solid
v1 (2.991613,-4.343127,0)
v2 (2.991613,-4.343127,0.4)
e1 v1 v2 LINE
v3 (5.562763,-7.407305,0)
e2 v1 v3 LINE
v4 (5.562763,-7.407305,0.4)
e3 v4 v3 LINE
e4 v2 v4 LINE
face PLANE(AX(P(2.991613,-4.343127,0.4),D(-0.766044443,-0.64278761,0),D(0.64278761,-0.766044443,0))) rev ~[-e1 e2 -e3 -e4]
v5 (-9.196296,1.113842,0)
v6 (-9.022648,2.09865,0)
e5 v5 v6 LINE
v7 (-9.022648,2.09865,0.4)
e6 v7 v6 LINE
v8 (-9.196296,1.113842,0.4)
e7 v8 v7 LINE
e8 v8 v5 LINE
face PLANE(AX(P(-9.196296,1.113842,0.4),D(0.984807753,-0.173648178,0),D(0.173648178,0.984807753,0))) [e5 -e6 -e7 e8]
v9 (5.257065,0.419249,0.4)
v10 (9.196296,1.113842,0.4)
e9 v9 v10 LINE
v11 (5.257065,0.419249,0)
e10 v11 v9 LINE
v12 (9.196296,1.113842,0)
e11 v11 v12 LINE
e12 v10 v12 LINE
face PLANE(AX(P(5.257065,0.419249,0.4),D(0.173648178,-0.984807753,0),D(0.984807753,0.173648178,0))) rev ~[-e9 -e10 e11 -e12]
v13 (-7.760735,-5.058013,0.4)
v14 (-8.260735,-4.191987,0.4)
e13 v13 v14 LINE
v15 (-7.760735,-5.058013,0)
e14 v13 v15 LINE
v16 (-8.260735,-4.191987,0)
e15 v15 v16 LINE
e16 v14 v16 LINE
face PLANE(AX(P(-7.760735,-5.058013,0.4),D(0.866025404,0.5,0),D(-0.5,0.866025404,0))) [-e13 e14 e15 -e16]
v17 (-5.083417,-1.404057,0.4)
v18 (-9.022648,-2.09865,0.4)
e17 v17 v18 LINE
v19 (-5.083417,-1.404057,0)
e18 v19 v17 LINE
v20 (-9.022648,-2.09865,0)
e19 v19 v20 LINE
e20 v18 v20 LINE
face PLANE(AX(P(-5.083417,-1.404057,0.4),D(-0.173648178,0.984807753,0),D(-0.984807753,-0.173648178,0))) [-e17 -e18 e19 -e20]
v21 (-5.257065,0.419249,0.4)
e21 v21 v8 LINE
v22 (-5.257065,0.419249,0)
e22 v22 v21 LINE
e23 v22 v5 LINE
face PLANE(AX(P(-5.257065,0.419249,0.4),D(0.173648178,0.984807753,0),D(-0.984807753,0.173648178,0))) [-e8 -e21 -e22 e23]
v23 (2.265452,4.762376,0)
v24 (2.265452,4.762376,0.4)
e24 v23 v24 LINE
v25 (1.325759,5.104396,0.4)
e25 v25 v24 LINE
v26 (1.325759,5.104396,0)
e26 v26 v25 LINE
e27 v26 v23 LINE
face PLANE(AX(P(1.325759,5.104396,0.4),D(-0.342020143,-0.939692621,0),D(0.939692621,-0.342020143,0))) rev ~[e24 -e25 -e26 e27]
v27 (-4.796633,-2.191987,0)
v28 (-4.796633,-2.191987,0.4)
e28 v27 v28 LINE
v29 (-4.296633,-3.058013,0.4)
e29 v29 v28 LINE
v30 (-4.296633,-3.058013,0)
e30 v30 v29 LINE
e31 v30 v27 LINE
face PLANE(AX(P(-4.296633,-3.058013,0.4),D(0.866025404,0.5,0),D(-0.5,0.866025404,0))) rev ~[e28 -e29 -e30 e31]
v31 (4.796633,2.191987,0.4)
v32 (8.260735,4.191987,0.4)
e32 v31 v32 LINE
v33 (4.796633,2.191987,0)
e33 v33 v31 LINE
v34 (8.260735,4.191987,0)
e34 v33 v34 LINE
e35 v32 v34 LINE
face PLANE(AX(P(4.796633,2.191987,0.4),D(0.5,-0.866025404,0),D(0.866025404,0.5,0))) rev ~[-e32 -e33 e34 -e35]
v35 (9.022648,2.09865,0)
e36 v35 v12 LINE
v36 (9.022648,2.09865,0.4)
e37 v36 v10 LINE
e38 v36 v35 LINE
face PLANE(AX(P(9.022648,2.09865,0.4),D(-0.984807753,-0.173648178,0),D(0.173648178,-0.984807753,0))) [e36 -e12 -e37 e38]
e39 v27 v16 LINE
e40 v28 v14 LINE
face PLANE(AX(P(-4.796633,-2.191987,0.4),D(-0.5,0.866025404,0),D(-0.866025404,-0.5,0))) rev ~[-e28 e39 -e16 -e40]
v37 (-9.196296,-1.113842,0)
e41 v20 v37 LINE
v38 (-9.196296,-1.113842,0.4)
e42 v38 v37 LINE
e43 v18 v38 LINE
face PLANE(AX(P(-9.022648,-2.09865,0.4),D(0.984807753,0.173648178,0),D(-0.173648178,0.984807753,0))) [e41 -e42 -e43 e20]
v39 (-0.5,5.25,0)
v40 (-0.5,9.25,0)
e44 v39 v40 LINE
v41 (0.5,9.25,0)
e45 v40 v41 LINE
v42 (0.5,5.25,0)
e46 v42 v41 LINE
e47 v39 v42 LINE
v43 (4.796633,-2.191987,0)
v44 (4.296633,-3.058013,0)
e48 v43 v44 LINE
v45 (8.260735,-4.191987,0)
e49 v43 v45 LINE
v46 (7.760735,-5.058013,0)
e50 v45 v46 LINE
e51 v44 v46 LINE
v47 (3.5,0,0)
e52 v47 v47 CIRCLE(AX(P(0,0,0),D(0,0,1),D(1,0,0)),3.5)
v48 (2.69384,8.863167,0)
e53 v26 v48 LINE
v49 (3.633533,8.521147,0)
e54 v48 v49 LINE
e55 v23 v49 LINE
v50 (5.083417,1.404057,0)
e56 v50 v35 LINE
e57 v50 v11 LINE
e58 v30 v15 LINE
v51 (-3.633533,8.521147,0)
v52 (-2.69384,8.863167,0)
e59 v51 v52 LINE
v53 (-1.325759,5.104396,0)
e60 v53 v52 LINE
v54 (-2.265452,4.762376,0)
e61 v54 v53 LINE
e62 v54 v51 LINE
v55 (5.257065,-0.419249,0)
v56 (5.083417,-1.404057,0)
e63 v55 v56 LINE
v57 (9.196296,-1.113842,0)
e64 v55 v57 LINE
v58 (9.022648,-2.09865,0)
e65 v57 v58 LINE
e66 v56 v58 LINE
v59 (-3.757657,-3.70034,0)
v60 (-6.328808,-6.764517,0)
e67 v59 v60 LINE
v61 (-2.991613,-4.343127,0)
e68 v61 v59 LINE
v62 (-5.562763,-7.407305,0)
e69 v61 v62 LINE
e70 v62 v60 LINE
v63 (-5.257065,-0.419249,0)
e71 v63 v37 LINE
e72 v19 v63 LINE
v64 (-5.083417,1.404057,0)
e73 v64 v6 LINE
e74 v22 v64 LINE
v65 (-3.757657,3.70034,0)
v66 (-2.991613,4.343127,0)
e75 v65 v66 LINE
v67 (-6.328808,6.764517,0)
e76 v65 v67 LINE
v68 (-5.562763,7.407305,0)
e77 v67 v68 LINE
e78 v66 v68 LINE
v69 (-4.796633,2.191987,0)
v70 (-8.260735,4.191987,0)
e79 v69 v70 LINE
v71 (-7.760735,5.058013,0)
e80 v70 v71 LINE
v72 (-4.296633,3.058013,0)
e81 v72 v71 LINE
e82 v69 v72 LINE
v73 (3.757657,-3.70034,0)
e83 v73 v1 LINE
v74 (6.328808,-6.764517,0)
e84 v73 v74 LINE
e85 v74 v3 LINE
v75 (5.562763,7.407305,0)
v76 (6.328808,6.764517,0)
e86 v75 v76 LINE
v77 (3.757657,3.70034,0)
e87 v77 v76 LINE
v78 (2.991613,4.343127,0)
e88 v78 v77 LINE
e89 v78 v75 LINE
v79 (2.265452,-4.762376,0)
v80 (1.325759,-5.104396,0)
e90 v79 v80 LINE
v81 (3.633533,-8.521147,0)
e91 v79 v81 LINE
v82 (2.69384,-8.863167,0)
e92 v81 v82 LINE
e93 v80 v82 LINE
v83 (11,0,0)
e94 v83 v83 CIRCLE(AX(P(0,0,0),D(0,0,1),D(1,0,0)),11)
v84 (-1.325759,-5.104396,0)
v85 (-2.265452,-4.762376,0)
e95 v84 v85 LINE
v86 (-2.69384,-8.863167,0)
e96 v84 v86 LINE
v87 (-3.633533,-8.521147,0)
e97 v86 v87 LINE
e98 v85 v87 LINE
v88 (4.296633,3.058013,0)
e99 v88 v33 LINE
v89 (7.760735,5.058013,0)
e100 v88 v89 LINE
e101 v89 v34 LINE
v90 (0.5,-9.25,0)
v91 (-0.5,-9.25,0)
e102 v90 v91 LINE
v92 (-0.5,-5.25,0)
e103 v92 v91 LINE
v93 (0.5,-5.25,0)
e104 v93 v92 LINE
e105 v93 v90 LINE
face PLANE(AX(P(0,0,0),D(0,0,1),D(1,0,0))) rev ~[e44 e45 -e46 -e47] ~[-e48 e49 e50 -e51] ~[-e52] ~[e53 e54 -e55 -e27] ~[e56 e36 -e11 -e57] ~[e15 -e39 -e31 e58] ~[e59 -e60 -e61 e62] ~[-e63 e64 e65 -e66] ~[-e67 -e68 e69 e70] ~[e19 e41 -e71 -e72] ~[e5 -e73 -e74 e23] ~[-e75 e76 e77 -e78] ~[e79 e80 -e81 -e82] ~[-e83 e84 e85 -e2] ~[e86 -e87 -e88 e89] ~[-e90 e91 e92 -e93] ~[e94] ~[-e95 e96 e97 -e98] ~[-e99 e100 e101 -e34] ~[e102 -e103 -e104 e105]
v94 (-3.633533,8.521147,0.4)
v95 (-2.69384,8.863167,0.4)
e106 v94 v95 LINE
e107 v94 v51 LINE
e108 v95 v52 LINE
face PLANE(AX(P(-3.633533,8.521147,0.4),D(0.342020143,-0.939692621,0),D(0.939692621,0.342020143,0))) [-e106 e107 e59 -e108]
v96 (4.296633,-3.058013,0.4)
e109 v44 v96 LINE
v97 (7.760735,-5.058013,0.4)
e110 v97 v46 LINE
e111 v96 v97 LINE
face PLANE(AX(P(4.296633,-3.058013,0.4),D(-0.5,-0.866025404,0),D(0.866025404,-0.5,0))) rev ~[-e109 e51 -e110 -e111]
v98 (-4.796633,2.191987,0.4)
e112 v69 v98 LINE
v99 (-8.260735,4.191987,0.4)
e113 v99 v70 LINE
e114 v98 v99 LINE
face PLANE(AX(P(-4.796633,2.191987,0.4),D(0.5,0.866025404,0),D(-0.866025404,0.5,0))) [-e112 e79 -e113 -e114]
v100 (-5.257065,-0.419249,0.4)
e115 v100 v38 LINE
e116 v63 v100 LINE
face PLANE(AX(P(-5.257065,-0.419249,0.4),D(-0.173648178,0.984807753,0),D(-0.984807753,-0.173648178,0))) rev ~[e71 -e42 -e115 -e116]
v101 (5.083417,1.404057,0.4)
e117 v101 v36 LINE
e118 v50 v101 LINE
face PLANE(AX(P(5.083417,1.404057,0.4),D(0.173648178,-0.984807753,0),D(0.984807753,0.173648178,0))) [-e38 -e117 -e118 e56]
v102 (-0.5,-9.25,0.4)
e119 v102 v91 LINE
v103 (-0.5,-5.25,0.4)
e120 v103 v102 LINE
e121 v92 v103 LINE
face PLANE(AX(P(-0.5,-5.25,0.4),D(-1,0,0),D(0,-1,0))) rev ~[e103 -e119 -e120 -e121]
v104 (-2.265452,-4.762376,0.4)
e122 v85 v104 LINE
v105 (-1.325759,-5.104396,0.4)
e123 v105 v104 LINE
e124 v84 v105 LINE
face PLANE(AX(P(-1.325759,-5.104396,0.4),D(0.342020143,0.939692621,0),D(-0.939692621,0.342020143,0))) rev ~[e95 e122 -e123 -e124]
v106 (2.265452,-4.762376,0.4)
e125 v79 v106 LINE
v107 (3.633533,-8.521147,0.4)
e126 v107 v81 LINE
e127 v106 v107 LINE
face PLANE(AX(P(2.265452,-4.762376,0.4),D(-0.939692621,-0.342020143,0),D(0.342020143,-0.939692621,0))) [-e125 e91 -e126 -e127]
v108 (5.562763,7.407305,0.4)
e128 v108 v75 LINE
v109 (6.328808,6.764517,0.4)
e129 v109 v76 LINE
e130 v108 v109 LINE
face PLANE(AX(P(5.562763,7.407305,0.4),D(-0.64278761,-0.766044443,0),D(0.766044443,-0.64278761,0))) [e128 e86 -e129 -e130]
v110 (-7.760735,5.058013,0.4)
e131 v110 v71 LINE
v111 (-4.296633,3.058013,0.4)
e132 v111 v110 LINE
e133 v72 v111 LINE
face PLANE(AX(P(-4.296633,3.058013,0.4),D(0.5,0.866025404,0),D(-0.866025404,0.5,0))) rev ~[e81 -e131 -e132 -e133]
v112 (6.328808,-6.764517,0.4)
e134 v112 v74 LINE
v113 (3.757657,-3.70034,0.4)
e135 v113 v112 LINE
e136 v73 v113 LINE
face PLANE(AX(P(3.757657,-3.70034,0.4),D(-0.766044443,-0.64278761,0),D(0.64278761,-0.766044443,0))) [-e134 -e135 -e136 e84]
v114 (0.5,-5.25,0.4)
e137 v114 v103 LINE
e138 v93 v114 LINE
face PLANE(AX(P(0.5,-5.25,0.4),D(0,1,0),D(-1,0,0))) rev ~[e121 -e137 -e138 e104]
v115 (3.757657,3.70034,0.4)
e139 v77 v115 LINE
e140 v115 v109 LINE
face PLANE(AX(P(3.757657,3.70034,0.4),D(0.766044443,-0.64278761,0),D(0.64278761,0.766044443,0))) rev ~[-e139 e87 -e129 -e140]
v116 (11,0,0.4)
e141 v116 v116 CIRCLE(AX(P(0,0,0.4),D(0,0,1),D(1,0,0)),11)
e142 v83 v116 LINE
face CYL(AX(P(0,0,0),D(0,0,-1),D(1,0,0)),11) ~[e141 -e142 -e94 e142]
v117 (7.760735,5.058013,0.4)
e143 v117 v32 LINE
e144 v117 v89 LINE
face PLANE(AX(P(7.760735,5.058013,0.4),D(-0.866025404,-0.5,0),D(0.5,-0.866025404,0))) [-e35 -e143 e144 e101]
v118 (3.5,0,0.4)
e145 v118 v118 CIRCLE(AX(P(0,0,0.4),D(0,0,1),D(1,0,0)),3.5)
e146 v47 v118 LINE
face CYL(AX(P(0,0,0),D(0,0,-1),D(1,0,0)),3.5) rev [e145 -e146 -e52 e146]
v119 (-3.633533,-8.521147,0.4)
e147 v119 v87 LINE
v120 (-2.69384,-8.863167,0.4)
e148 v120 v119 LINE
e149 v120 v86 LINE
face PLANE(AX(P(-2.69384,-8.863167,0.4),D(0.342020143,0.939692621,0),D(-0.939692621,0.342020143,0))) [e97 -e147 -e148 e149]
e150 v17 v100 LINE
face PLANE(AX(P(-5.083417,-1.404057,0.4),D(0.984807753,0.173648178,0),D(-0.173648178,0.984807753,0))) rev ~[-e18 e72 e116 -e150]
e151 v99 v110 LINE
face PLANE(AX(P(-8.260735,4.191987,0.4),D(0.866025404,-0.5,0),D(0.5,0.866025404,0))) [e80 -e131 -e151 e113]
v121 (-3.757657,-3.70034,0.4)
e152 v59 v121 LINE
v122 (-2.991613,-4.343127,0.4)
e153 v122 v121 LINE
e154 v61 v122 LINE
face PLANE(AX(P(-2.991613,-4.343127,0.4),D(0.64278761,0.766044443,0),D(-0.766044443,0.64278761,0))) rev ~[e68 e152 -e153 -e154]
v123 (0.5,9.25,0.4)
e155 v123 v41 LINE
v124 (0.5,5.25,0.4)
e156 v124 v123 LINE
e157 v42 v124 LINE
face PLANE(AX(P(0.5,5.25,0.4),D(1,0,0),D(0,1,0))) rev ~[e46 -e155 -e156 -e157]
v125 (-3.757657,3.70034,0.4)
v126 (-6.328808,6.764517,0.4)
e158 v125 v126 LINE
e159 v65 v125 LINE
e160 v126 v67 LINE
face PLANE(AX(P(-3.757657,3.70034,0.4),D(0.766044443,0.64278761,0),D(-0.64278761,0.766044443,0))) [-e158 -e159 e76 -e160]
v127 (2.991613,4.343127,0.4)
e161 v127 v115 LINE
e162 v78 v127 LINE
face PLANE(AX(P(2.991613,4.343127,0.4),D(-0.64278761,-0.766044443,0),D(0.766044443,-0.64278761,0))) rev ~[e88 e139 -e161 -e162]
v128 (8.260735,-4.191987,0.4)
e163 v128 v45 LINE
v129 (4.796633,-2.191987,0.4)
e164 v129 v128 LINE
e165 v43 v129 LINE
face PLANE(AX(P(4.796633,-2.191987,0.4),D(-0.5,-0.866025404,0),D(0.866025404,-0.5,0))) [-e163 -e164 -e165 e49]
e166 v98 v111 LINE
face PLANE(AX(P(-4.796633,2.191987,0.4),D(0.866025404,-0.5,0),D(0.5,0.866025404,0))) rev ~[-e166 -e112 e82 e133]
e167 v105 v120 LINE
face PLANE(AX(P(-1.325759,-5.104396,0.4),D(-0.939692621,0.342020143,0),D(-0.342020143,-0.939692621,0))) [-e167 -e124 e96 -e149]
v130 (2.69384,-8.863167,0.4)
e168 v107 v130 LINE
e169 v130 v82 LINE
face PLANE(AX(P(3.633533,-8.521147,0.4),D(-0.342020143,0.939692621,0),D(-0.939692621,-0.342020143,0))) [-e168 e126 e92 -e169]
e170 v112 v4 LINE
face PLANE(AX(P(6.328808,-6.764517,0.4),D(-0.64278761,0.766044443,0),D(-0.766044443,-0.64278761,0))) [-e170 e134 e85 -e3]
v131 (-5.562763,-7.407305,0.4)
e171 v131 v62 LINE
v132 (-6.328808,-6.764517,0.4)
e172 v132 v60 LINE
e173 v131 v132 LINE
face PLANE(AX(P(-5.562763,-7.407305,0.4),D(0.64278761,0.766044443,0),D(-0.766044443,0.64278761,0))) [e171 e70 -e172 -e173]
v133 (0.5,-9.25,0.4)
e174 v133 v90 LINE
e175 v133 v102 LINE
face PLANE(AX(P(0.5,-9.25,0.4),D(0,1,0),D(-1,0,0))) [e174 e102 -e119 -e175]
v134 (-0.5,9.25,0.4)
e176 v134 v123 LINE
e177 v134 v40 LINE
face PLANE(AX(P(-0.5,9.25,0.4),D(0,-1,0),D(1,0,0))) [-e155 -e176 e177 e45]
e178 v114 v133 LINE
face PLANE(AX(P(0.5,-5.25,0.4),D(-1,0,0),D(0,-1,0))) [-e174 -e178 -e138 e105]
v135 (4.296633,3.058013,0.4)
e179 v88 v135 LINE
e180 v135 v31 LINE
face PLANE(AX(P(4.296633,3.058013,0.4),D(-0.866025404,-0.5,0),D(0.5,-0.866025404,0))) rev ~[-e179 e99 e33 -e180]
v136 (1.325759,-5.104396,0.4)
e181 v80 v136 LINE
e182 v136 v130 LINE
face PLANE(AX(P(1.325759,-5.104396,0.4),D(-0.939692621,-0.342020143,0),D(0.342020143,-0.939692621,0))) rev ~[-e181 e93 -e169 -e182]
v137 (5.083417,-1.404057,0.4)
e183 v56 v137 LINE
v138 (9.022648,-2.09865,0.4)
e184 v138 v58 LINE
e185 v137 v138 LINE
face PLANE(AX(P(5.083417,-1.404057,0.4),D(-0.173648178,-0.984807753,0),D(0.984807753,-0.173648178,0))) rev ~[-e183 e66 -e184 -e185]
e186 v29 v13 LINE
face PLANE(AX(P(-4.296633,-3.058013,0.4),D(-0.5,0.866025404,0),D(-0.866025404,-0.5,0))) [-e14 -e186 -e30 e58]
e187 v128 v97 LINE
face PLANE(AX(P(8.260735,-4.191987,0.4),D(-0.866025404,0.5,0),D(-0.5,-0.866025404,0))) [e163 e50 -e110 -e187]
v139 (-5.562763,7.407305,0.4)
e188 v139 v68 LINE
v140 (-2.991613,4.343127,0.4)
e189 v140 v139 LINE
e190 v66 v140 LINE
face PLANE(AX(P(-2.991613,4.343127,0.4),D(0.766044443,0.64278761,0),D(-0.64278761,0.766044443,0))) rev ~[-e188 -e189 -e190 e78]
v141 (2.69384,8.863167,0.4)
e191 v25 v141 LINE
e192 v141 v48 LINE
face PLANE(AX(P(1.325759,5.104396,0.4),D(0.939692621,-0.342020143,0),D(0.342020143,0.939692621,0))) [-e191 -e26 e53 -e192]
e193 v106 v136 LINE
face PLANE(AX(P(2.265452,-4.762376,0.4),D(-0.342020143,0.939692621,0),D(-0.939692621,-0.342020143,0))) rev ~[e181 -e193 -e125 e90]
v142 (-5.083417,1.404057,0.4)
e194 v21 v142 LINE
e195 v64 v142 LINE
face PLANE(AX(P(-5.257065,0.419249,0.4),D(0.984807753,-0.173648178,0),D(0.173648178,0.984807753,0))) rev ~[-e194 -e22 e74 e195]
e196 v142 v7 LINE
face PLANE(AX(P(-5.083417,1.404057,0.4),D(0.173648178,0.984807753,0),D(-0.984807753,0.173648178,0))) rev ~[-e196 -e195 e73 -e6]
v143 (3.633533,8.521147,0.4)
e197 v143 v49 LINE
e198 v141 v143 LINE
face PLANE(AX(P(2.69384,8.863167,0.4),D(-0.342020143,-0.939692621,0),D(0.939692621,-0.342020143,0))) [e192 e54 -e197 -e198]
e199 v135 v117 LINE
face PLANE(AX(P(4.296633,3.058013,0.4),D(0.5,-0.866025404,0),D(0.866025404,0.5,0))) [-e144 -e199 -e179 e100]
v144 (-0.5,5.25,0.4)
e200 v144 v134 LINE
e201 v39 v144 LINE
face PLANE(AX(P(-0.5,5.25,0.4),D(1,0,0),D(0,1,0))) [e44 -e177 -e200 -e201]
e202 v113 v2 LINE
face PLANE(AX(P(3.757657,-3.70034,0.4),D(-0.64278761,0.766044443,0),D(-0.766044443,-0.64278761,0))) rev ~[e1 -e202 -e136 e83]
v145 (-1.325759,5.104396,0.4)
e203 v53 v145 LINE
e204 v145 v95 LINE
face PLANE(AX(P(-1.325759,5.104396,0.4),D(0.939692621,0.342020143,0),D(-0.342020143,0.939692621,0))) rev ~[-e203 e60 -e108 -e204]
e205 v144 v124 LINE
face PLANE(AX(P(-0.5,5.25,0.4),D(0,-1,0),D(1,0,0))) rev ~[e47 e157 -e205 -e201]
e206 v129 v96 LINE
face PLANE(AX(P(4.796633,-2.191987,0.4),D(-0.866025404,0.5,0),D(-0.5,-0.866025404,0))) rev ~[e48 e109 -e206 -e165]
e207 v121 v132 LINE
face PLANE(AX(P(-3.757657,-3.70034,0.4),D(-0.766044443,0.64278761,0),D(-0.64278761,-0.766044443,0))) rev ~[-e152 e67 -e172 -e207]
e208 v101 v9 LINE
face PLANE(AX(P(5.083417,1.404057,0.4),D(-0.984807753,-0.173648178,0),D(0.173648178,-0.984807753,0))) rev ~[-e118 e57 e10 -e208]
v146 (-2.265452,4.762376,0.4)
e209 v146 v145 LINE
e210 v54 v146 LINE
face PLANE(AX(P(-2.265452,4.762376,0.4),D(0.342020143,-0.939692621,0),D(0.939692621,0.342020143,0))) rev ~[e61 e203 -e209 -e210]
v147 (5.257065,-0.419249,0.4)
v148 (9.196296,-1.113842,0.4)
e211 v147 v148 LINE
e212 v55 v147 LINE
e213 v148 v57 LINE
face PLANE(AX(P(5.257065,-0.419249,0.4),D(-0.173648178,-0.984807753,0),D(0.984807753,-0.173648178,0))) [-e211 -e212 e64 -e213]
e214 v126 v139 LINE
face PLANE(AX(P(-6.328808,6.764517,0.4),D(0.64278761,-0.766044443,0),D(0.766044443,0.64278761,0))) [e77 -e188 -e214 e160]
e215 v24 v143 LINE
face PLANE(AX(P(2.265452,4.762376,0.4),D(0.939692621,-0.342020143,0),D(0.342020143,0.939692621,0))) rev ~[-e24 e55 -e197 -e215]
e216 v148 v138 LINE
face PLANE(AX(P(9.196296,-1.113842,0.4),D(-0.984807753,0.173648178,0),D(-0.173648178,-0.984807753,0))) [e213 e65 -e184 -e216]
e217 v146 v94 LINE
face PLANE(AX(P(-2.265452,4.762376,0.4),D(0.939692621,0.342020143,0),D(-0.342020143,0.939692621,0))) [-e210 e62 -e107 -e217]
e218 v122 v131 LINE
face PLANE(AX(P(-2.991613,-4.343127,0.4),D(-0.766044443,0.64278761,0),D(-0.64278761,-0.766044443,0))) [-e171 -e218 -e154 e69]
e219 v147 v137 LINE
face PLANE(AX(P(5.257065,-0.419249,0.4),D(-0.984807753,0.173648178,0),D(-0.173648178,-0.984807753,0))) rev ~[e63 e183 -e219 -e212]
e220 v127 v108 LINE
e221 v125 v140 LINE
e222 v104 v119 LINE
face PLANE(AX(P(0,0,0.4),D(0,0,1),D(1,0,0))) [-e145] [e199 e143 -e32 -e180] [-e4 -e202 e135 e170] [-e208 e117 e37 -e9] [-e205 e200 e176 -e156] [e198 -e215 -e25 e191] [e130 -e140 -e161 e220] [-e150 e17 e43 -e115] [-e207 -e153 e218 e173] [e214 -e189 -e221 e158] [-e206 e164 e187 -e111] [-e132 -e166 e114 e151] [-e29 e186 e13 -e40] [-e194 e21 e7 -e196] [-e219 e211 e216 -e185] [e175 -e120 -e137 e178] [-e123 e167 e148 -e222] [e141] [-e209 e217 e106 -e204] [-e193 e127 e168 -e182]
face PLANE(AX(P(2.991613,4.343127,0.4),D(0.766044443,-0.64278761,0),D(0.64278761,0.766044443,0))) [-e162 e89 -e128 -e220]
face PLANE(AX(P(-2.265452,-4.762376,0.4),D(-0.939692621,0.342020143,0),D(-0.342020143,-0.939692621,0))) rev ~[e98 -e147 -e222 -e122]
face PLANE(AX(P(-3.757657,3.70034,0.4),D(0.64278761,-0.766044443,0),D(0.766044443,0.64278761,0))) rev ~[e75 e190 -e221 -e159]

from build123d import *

# Parameters (mm, degrees)
ESQUISSE1_R                  = 11
ESQUISSE1_R_2                = 3.5
BOSS_EXTRU_1_DEPTH           = 0.4
ESQUISSE2_W                  = 1
ESQUISSE2_H                  = 4
ENL_V_MAT_EXTRU_1_DEPTH      = 16.561490931
R_P_TITION_CIRCULAIRE1_COUNT = 18


with BuildPart() as part:
    # Esquisse1 → Boss.-Extru.1 (new body)
    with BuildSketch(Plane.XY):
        Circle(ESQUISSE1_R)
        Circle(ESQUISSE1_R_2, mode=Mode.SUBTRACT)
    extrude(amount=BOSS_EXTRU_1_DEPTH)

    # Esquisse2 → Enlèv. mat.-Extru.1 (cut, symmetric)
    with BuildSketch(Plane.XY.offset(0.4)):
        with Locations((0, 7.25)):
            Rectangle(ESQUISSE2_W, ESQUISSE2_H)
    enl_v_mat_extru_1 = extrude(amount=ENL_V_MAT_EXTRU_1_DEPTH, both=True, mode=Mode.SUBTRACT)

    # Répétition circulaire1: Enlèv. mat.-Extru.1 ×18 about axis
    r_p_tition_circulaire1_axis = Axis((0, 0, 0), (0, 0, 1))
    for i in range(1, R_P_TITION_CIRCULAIRE1_COUNT):
        add(enl_v_mat_extru_1.rotate(r_p_tition_circulaire1_axis, i * 360 / R_P_TITION_CIRCULAIRE1_COUNT), mode=Mode.SUBTRACT)


solid = part.part
